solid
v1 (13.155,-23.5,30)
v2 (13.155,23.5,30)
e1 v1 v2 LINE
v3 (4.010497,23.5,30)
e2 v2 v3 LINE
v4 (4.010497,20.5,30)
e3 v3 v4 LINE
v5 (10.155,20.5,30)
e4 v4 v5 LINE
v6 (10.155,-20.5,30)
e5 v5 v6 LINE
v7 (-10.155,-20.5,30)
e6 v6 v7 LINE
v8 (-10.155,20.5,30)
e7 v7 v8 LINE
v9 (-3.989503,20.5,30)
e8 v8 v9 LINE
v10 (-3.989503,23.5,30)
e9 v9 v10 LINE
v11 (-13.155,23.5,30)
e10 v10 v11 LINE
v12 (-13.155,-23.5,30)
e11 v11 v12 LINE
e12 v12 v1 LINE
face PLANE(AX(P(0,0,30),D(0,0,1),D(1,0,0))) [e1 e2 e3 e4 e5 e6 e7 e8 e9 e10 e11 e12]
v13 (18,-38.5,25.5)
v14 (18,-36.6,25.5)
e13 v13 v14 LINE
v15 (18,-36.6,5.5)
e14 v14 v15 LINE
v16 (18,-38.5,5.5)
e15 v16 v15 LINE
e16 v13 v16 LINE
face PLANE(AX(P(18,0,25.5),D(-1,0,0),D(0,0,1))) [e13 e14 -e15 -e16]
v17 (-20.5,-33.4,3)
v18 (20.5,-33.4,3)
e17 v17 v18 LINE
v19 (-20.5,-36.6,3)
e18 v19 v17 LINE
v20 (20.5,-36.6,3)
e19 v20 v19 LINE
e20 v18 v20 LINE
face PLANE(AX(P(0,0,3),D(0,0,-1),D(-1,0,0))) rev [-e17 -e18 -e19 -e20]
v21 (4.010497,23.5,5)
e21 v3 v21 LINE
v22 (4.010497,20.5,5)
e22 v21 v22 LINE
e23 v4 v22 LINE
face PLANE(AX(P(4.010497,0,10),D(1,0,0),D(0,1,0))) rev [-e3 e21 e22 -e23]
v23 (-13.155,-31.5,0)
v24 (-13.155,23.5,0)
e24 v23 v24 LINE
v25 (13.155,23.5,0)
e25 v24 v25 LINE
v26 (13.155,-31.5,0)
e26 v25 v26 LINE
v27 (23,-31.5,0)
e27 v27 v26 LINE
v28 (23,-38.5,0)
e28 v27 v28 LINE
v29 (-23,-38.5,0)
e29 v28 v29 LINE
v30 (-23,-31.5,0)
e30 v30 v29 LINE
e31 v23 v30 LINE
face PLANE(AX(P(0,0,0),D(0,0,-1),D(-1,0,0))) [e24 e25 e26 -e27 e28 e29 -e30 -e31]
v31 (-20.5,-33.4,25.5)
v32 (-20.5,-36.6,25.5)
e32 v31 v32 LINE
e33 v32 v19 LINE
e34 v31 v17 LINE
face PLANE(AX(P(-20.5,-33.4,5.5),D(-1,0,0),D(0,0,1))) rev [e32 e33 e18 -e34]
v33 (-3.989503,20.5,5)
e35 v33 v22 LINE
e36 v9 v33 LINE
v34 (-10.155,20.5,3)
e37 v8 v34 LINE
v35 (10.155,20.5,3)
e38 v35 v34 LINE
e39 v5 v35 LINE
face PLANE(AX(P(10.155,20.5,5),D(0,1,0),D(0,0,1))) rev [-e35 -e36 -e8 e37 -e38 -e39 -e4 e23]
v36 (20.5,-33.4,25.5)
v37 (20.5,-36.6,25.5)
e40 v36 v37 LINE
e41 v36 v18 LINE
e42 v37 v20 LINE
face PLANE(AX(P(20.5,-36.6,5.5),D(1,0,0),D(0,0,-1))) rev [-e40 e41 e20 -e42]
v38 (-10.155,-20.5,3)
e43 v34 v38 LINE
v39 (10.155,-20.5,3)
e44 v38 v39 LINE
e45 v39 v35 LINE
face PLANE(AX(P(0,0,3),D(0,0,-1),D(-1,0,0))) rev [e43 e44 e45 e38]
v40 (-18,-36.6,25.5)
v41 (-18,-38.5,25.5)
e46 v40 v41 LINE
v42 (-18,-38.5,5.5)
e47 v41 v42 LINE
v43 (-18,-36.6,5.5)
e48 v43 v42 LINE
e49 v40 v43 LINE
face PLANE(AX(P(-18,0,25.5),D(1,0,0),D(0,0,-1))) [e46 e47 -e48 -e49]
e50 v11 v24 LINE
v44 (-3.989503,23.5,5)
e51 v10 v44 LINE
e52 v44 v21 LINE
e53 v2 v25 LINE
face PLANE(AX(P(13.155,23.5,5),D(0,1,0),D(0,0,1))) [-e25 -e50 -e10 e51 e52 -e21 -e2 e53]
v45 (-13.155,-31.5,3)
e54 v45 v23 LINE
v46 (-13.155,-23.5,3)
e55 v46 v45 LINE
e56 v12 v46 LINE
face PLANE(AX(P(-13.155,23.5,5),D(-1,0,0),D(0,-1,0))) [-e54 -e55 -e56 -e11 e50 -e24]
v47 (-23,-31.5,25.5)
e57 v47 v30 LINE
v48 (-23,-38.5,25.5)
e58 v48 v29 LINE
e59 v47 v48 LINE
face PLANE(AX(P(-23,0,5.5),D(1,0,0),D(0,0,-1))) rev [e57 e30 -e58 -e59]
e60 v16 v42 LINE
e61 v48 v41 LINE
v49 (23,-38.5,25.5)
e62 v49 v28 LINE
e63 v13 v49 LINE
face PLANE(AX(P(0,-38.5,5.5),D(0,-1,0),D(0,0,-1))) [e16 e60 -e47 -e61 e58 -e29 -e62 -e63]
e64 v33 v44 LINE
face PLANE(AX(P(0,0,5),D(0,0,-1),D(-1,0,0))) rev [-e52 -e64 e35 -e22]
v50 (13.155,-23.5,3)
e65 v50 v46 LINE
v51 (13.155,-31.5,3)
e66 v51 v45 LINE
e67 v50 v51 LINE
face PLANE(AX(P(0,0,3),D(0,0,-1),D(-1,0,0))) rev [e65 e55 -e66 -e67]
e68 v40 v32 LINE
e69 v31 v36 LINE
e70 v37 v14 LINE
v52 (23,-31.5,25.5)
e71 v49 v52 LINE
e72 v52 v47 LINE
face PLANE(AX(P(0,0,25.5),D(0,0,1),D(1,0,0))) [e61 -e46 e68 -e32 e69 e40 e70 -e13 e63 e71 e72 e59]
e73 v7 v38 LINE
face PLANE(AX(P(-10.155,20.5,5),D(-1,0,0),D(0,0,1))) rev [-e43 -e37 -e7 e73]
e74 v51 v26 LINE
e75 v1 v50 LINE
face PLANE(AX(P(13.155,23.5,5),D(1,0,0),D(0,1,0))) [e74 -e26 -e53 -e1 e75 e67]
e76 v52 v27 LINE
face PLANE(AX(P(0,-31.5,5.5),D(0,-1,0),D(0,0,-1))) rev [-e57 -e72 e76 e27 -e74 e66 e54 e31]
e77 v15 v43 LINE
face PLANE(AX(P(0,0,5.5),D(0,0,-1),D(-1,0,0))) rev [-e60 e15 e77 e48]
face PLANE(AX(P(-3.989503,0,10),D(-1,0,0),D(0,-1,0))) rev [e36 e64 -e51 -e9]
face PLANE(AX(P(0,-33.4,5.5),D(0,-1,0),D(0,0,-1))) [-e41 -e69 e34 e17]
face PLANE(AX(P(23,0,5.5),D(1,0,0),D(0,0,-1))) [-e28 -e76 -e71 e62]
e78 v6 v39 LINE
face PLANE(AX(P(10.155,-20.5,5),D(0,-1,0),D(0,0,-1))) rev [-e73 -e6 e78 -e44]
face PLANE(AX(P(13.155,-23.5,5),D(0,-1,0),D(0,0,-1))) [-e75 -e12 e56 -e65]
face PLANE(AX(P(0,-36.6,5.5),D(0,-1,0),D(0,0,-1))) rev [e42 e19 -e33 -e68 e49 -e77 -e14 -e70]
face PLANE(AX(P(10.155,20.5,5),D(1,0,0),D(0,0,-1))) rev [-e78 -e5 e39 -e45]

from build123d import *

# Parameters (mm, degrees)
SKETCH1_W           = 20.31
SKETCH1_H           = 41
BOSS_EXTRUDE1_DEPTH = 3
SKETCH2_W           = 26.31
SKETCH2_H           = 47
SKETCH2_W_2         = 20.31
SKETCH2_H_2         = 41
BOSS_EXTRUDE2_DEPTH = 5
SKETCH3_W           = 26.31
SKETCH3_H           = 8
BOSS_EXTRUDE3_DEPTH = 3
SKETCH4_W           = 46
SKETCH4_H           = 1.9
BOSS_EXTRUDE4_DEPTH = 5.5
SKETCH5_W           = 46
SKETCH5_H           = 3.2
BOSS_EXTRUDE5_DEPTH = 3
BOSS_EXTRUDE6_DEPTH = 5
SKETCH8_W           = 2.5
SKETCH8_H           = 3.2
BOSS_EXTRUDE7_DEPTH = 2.5
BOSS_EXTRUDE8_DEPTH = 20
BOSS_EXTRUDE9_DEPTH = 20


with BuildPart() as part:
    # Sketch1 → Boss-Extrude1 (new body)
    with BuildSketch(Plane.XY):
        Rectangle(SKETCH1_W, SKETCH1_H)
    extrude(amount=BOSS_EXTRUDE1_DEPTH)

    # Sketch2 → Boss-Extrude2 (add)
    with BuildSketch(Plane(origin=(0, 0, 0), x_dir=(-1, 0, 0), z_dir=(0, 0, -1))):
        Rectangle(SKETCH2_W, SKETCH2_H)
        Rectangle(SKETCH2_W_2, SKETCH2_H_2, mode=Mode.SUBTRACT)
    extrude(amount=-BOSS_EXTRUDE2_DEPTH)

    # Sketch3 → Boss-Extrude3 (add)
    with BuildSketch(Plane(origin=(0, 0, 0), x_dir=(-1, 0, 0), z_dir=(0, 0, -1))):
        with Locations((0, -27.5)):
            Rectangle(SKETCH3_W, SKETCH3_H)
    extrude(amount=-BOSS_EXTRUDE3_DEPTH)

    # Sketch4 → Boss-Extrude4 (add)
    with BuildSketch(Plane(origin=(0, 0, 0), x_dir=(-1, 0, 0), z_dir=(0, 0, -1))):
        with Locations((0, -37.55)):
            Rectangle(SKETCH4_W, SKETCH4_H)
        Polygon((13.155, -31.5), (0, -31.5), (-13.155, -31.5), (-23, -31.5), (-23, -33.4), (23, -33.4), (23, -31.5), align=None)
    extrude(amount=-BOSS_EXTRUDE4_DEPTH)


with BuildPart() as boss_extrude4_piece_1:
    # of the separate pieces the step leaves, piece 1, a body of its own (boss_extrude4_pieces)
    add(part.part.solids().sort_by_distance((-13.155, -31.5, 0))[0])



with BuildPart() as boss_extrude4_piece_2:
    # of the separate pieces the step leaves, piece 2, a body of its own (boss_extrude4_pieces)
    add(part.part.solids().sort_by_distance((-23, -38.5, 0))[0])


with BuildPart() as boss_extrude4_piece_1_1:
    add(boss_extrude4_piece_1.part)

    add(boss_extrude4_piece_2.part)  # Boss-Extrude5 merges Boss-Extrude4 piece 2
    # Sketch5 → Boss-Extrude5 (add)
    with BuildSketch(Plane(origin=(0, 0, 0), x_dir=(-1, 0, 0), z_dir=(0, 0, -1))):
        with Locations((0, -35)):
            Rectangle(SKETCH5_W, SKETCH5_H)
    extrude(amount=-BOSS_EXTRUDE5_DEPTH)

    # Sketch6 → Boss-Extrude6 (add)
    with BuildSketch(Plane.XY.offset(5)):
        Polygon((4.010497469, 23.5), (4.010497469, 20.5), (10.155, 20.5), (10.155, -20.5), (-10.155, -20.5), (-10.155, 20.5), (-3.989502531, 20.5), (-3.989502531, 23.5), (-13.155, 23.5), (-13.155, -23.5), (13.155, -23.5), (13.155, 23.5), align=None)
    extrude(amount=BOSS_EXTRUDE6_DEPTH)

    # Sketch8 → Boss-Extrude7 (add)
    with BuildSketch(Plane.XY.offset(3)):
        with Locations((-21.75, -35)):
            Rectangle(SKETCH8_W, SKETCH8_H)
        with Locations((21.75, -35)):
            Rectangle(SKETCH8_W, SKETCH8_H)
    extrude(amount=BOSS_EXTRUDE7_DEPTH)

    # Sketch9 → Boss-Extrude8 (add)
    with BuildSketch(Plane.XY.offset(5.5)):
        Polygon((-23, -31.5), (-23, -38.5), (-18, -38.5), (-18, -36.6), (-20.5, -36.6), (-20.5, -33.4), (20.5, -33.4), (20.5, -36.6), (18, -36.6), (18, -38.5), (23, -38.5), (23, -31.5), align=None)
    extrude(amount=BOSS_EXTRUDE8_DEPTH)

    # Sketch12 → Boss-Extrude9 (add)
    with BuildSketch(Plane.XY.offset(10)):
        Polygon((13.155, -23.5), (13.155, 23.5), (4.010497469, 23.5), (4.010497469, 20.5), (10.155, 20.5), (10.155, -20.5), (-10.155, -20.5), (-10.155, 20.5), (-3.989502531, 20.5), (-3.989502531, 23.5), (-13.155, 23.5), (-13.155, -23.5), align=None)
    extrude(amount=BOSS_EXTRUDE9_DEPTH)


solid = boss_extrude4_piece_1_1.part
